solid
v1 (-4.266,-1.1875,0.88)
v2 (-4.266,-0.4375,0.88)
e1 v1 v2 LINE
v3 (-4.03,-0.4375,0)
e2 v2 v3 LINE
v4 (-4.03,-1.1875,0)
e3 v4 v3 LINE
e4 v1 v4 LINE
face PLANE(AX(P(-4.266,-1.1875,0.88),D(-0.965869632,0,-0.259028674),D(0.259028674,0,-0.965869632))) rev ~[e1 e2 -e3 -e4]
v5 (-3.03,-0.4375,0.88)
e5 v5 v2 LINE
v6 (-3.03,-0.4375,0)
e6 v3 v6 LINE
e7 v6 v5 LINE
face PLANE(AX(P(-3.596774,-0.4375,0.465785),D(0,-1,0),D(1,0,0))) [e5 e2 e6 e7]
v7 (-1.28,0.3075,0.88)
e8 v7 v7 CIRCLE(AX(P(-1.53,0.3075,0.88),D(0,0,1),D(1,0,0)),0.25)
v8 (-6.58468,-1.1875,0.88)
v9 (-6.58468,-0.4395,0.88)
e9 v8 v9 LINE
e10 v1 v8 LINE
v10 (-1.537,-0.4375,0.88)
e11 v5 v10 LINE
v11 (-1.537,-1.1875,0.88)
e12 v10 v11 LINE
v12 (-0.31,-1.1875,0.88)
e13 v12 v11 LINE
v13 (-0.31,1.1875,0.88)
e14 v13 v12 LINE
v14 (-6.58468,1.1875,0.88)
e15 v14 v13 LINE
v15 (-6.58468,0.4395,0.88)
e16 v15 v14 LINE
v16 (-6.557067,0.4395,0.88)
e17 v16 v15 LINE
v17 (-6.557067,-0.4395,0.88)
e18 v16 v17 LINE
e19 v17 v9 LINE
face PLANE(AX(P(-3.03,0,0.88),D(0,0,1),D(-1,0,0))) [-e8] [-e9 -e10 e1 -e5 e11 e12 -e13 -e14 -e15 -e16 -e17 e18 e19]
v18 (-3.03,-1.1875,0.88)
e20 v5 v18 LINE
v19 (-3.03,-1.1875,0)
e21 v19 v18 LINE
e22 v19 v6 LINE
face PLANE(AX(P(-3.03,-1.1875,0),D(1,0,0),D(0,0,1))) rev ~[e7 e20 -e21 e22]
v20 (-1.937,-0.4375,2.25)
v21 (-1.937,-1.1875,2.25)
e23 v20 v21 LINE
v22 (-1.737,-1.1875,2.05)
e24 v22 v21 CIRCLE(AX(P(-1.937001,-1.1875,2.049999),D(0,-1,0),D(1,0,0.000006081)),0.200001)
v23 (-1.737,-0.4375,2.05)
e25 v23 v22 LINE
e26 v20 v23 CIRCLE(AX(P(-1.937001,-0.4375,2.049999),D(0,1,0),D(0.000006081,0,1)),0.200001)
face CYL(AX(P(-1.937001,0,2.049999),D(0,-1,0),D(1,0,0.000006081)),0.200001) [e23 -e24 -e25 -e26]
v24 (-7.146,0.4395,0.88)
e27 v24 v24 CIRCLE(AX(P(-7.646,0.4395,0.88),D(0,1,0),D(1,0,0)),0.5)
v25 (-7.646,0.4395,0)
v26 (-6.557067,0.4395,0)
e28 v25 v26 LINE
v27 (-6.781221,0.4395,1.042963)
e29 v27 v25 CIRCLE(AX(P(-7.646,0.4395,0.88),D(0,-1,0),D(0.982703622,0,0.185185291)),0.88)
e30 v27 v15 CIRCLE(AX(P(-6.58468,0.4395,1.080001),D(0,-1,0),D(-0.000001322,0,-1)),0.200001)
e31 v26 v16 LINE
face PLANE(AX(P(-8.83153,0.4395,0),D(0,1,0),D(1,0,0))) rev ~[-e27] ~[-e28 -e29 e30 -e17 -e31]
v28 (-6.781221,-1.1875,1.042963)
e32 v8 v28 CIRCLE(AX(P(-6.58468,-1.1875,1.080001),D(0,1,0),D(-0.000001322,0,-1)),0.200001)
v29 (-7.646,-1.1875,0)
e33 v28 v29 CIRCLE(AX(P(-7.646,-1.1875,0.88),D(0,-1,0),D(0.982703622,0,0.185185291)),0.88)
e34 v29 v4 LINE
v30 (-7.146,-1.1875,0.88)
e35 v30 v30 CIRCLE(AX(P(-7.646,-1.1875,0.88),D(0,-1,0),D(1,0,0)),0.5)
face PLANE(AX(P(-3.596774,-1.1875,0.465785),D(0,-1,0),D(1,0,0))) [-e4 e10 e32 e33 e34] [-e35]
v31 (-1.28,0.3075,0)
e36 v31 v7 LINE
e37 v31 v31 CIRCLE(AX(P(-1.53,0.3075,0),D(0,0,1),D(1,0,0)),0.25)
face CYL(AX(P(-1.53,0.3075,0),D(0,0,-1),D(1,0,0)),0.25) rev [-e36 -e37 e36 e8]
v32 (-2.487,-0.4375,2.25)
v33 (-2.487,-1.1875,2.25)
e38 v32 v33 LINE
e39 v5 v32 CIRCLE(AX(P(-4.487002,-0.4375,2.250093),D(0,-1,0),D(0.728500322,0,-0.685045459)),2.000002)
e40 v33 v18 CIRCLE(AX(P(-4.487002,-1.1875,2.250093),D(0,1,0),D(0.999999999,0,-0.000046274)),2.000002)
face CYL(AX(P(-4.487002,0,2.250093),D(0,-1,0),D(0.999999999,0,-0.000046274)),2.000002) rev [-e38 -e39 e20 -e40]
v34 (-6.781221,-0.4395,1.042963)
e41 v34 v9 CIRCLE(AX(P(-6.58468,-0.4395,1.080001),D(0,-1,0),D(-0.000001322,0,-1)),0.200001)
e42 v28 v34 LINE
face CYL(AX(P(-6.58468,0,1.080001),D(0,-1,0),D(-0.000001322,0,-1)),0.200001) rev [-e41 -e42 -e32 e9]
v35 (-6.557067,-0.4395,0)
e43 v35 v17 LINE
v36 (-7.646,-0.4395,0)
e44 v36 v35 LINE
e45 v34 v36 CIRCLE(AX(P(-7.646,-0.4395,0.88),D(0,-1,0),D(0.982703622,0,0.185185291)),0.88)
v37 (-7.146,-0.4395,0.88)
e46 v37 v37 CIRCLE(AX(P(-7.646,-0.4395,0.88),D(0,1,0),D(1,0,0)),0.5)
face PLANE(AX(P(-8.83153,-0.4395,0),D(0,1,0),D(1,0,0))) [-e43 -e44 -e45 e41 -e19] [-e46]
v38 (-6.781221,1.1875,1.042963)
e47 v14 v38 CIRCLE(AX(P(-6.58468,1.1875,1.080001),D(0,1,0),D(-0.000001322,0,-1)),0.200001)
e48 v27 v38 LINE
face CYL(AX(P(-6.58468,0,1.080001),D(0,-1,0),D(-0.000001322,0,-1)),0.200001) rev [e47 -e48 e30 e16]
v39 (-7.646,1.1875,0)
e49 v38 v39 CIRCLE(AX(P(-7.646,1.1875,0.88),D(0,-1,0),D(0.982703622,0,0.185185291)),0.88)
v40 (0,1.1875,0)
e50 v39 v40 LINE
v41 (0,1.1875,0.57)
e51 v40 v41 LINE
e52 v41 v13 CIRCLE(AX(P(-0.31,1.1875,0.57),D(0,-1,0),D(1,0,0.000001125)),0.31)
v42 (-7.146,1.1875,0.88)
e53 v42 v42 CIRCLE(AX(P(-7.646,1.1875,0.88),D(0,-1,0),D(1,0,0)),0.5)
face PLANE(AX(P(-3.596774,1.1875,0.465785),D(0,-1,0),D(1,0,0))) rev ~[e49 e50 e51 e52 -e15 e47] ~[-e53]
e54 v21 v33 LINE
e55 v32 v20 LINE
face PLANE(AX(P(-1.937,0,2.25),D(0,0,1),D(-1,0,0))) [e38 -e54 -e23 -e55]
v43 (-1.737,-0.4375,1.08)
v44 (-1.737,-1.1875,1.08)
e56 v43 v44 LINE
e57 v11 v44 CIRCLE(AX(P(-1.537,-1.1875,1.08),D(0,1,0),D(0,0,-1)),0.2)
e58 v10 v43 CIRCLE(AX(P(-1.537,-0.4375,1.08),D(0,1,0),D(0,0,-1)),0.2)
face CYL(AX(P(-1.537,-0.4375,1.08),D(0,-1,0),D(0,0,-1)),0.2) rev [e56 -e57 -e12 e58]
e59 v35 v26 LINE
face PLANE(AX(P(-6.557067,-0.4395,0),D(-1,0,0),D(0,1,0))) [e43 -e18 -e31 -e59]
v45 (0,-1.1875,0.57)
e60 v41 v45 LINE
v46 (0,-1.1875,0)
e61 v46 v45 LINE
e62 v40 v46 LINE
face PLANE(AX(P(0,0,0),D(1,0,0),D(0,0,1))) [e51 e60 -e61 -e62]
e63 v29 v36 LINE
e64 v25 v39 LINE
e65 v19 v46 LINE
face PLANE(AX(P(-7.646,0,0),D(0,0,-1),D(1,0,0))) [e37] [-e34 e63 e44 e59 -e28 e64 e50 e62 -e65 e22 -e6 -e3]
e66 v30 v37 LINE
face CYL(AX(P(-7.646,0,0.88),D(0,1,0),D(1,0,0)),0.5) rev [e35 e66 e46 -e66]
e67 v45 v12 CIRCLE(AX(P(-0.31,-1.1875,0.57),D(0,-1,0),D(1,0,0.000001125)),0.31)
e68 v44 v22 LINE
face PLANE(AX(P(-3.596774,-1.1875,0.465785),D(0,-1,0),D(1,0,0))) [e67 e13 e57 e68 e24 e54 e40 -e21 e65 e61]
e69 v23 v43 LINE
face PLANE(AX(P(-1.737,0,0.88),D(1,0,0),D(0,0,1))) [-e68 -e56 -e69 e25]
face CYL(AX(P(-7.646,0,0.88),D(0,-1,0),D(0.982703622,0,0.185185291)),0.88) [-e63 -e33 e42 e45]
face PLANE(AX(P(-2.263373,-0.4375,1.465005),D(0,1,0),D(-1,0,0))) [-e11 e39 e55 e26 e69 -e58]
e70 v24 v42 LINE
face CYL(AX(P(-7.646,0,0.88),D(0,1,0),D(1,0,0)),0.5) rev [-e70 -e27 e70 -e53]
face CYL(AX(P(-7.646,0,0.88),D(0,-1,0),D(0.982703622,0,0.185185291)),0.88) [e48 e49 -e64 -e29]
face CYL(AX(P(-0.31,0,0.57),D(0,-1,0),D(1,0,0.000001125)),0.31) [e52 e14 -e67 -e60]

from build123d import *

# Parameters (mm, degrees)
F0_R     = 0.5
F1_DEPTH = 1.1875
F2_W     = 2.274463
F2_H     = 0.879
F2_R     = 0.25
F3_DEPTH = 2.251
F5_DEPTH = 1.625
F7_DEPTH = 0.75
F8_R     = 0.2


with BuildPart() as f1:
    # F0 (on Front) → F1 (new body, symmetric)
    with BuildSketch(Plane.XZ):
        Polygon((-4.03, 0), (-3.03, 0), (-3.03, 0.88), (-4.266, 0.88), align=None)
        with BuildLine():
            Line((-7.646, 0), (-4.03, 0))
            Line((-4.03, 0), (-4.266, 0.88))
            Line((-4.266, 0.88), (-6.58468, 0.88))
            ThreePointArc((-6.58468, 0.88), (-6.712337, 0.92604), (-6.781221, 1.042963))
            ThreePointArc((-6.781221, 1.042963), (-8.323424, 1.441691), (-7.646, 0))
        make_face()
        with Locations((-7.646, 0.88)):
            Circle(F0_R, mode=Mode.SUBTRACT)
        with BuildLine():
            Line((-3.03, 0), (0, 0))
            Line((0, 0), (0, 0.57))
            ThreePointArc((0, 0.57), (-0.090797, 0.789203), (-0.31, 0.88))
            Line((-0.31, 0.88), (-1.737, 0.88))
            Line((-1.737, 0.88), (-1.737, 2.05))
            ThreePointArc((-1.737, 2.05), (-1.795579, 2.191421), (-1.937, 2.25))
            Line((-1.937, 2.25), (-2.487, 2.25))
            ThreePointArc((-2.487, 2.25), (-2.627716, 1.513164), (-3.03, 0.88))
            Line((-3.03, 0.88), (-3.03, 0))
        make_face()
    extrude(amount=F1_DEPTH, both=True)

    # F2 (on Top) → F3 (cut, through all)
    with BuildSketch(Plane.XY):
        with Locations((-7.694299, 0)):
            Rectangle(F2_W, F2_H)
        with Locations((-1.53, 0.3075)):
            Circle(F2_R)
    extrude(amount=F3_DEPTH, mode=Mode.SUBTRACT)

    # F4 (on face) → F5 (cut)
    with BuildSketch(Plane(origin=(0, 1.1875, 0), x_dir=(-1, 0, 0), z_dir=(0, 1, 0))):
        with BuildLine():
            Line((1.737, 0.88), (3.03, 0.88))
            ThreePointArc((3.03, 0.88), (2.627716, 1.513164), (2.487, 2.25))
            Line((2.487, 2.25), (1.937, 2.25))
            ThreePointArc((1.937, 2.25), (1.795579, 2.191421), (1.737, 2.05))
            Line((1.737, 2.05), (1.737, 0.88))
        make_face()
    extrude(amount=-F5_DEPTH, mode=Mode.SUBTRACT)

    # F6 (on face) → F7 (cut)
    with BuildSketch(Plane.XZ.offset(1.1875)):
        Polygon((-3.03, 0), (-3.03, 0.88), (-4.266, 0.88), (-4.03, 0), align=None)
    extrude(amount=-F7_DEPTH, mode=Mode.SUBTRACT)

    # F8
    f8_edges = [f1.edges().sort_by_distance(p)[0] for p in [
        (-1.737, -0.8125, 0.88),
    ]]
    fillet(f8_edges, radius=F8_R)


solid = f1.part
